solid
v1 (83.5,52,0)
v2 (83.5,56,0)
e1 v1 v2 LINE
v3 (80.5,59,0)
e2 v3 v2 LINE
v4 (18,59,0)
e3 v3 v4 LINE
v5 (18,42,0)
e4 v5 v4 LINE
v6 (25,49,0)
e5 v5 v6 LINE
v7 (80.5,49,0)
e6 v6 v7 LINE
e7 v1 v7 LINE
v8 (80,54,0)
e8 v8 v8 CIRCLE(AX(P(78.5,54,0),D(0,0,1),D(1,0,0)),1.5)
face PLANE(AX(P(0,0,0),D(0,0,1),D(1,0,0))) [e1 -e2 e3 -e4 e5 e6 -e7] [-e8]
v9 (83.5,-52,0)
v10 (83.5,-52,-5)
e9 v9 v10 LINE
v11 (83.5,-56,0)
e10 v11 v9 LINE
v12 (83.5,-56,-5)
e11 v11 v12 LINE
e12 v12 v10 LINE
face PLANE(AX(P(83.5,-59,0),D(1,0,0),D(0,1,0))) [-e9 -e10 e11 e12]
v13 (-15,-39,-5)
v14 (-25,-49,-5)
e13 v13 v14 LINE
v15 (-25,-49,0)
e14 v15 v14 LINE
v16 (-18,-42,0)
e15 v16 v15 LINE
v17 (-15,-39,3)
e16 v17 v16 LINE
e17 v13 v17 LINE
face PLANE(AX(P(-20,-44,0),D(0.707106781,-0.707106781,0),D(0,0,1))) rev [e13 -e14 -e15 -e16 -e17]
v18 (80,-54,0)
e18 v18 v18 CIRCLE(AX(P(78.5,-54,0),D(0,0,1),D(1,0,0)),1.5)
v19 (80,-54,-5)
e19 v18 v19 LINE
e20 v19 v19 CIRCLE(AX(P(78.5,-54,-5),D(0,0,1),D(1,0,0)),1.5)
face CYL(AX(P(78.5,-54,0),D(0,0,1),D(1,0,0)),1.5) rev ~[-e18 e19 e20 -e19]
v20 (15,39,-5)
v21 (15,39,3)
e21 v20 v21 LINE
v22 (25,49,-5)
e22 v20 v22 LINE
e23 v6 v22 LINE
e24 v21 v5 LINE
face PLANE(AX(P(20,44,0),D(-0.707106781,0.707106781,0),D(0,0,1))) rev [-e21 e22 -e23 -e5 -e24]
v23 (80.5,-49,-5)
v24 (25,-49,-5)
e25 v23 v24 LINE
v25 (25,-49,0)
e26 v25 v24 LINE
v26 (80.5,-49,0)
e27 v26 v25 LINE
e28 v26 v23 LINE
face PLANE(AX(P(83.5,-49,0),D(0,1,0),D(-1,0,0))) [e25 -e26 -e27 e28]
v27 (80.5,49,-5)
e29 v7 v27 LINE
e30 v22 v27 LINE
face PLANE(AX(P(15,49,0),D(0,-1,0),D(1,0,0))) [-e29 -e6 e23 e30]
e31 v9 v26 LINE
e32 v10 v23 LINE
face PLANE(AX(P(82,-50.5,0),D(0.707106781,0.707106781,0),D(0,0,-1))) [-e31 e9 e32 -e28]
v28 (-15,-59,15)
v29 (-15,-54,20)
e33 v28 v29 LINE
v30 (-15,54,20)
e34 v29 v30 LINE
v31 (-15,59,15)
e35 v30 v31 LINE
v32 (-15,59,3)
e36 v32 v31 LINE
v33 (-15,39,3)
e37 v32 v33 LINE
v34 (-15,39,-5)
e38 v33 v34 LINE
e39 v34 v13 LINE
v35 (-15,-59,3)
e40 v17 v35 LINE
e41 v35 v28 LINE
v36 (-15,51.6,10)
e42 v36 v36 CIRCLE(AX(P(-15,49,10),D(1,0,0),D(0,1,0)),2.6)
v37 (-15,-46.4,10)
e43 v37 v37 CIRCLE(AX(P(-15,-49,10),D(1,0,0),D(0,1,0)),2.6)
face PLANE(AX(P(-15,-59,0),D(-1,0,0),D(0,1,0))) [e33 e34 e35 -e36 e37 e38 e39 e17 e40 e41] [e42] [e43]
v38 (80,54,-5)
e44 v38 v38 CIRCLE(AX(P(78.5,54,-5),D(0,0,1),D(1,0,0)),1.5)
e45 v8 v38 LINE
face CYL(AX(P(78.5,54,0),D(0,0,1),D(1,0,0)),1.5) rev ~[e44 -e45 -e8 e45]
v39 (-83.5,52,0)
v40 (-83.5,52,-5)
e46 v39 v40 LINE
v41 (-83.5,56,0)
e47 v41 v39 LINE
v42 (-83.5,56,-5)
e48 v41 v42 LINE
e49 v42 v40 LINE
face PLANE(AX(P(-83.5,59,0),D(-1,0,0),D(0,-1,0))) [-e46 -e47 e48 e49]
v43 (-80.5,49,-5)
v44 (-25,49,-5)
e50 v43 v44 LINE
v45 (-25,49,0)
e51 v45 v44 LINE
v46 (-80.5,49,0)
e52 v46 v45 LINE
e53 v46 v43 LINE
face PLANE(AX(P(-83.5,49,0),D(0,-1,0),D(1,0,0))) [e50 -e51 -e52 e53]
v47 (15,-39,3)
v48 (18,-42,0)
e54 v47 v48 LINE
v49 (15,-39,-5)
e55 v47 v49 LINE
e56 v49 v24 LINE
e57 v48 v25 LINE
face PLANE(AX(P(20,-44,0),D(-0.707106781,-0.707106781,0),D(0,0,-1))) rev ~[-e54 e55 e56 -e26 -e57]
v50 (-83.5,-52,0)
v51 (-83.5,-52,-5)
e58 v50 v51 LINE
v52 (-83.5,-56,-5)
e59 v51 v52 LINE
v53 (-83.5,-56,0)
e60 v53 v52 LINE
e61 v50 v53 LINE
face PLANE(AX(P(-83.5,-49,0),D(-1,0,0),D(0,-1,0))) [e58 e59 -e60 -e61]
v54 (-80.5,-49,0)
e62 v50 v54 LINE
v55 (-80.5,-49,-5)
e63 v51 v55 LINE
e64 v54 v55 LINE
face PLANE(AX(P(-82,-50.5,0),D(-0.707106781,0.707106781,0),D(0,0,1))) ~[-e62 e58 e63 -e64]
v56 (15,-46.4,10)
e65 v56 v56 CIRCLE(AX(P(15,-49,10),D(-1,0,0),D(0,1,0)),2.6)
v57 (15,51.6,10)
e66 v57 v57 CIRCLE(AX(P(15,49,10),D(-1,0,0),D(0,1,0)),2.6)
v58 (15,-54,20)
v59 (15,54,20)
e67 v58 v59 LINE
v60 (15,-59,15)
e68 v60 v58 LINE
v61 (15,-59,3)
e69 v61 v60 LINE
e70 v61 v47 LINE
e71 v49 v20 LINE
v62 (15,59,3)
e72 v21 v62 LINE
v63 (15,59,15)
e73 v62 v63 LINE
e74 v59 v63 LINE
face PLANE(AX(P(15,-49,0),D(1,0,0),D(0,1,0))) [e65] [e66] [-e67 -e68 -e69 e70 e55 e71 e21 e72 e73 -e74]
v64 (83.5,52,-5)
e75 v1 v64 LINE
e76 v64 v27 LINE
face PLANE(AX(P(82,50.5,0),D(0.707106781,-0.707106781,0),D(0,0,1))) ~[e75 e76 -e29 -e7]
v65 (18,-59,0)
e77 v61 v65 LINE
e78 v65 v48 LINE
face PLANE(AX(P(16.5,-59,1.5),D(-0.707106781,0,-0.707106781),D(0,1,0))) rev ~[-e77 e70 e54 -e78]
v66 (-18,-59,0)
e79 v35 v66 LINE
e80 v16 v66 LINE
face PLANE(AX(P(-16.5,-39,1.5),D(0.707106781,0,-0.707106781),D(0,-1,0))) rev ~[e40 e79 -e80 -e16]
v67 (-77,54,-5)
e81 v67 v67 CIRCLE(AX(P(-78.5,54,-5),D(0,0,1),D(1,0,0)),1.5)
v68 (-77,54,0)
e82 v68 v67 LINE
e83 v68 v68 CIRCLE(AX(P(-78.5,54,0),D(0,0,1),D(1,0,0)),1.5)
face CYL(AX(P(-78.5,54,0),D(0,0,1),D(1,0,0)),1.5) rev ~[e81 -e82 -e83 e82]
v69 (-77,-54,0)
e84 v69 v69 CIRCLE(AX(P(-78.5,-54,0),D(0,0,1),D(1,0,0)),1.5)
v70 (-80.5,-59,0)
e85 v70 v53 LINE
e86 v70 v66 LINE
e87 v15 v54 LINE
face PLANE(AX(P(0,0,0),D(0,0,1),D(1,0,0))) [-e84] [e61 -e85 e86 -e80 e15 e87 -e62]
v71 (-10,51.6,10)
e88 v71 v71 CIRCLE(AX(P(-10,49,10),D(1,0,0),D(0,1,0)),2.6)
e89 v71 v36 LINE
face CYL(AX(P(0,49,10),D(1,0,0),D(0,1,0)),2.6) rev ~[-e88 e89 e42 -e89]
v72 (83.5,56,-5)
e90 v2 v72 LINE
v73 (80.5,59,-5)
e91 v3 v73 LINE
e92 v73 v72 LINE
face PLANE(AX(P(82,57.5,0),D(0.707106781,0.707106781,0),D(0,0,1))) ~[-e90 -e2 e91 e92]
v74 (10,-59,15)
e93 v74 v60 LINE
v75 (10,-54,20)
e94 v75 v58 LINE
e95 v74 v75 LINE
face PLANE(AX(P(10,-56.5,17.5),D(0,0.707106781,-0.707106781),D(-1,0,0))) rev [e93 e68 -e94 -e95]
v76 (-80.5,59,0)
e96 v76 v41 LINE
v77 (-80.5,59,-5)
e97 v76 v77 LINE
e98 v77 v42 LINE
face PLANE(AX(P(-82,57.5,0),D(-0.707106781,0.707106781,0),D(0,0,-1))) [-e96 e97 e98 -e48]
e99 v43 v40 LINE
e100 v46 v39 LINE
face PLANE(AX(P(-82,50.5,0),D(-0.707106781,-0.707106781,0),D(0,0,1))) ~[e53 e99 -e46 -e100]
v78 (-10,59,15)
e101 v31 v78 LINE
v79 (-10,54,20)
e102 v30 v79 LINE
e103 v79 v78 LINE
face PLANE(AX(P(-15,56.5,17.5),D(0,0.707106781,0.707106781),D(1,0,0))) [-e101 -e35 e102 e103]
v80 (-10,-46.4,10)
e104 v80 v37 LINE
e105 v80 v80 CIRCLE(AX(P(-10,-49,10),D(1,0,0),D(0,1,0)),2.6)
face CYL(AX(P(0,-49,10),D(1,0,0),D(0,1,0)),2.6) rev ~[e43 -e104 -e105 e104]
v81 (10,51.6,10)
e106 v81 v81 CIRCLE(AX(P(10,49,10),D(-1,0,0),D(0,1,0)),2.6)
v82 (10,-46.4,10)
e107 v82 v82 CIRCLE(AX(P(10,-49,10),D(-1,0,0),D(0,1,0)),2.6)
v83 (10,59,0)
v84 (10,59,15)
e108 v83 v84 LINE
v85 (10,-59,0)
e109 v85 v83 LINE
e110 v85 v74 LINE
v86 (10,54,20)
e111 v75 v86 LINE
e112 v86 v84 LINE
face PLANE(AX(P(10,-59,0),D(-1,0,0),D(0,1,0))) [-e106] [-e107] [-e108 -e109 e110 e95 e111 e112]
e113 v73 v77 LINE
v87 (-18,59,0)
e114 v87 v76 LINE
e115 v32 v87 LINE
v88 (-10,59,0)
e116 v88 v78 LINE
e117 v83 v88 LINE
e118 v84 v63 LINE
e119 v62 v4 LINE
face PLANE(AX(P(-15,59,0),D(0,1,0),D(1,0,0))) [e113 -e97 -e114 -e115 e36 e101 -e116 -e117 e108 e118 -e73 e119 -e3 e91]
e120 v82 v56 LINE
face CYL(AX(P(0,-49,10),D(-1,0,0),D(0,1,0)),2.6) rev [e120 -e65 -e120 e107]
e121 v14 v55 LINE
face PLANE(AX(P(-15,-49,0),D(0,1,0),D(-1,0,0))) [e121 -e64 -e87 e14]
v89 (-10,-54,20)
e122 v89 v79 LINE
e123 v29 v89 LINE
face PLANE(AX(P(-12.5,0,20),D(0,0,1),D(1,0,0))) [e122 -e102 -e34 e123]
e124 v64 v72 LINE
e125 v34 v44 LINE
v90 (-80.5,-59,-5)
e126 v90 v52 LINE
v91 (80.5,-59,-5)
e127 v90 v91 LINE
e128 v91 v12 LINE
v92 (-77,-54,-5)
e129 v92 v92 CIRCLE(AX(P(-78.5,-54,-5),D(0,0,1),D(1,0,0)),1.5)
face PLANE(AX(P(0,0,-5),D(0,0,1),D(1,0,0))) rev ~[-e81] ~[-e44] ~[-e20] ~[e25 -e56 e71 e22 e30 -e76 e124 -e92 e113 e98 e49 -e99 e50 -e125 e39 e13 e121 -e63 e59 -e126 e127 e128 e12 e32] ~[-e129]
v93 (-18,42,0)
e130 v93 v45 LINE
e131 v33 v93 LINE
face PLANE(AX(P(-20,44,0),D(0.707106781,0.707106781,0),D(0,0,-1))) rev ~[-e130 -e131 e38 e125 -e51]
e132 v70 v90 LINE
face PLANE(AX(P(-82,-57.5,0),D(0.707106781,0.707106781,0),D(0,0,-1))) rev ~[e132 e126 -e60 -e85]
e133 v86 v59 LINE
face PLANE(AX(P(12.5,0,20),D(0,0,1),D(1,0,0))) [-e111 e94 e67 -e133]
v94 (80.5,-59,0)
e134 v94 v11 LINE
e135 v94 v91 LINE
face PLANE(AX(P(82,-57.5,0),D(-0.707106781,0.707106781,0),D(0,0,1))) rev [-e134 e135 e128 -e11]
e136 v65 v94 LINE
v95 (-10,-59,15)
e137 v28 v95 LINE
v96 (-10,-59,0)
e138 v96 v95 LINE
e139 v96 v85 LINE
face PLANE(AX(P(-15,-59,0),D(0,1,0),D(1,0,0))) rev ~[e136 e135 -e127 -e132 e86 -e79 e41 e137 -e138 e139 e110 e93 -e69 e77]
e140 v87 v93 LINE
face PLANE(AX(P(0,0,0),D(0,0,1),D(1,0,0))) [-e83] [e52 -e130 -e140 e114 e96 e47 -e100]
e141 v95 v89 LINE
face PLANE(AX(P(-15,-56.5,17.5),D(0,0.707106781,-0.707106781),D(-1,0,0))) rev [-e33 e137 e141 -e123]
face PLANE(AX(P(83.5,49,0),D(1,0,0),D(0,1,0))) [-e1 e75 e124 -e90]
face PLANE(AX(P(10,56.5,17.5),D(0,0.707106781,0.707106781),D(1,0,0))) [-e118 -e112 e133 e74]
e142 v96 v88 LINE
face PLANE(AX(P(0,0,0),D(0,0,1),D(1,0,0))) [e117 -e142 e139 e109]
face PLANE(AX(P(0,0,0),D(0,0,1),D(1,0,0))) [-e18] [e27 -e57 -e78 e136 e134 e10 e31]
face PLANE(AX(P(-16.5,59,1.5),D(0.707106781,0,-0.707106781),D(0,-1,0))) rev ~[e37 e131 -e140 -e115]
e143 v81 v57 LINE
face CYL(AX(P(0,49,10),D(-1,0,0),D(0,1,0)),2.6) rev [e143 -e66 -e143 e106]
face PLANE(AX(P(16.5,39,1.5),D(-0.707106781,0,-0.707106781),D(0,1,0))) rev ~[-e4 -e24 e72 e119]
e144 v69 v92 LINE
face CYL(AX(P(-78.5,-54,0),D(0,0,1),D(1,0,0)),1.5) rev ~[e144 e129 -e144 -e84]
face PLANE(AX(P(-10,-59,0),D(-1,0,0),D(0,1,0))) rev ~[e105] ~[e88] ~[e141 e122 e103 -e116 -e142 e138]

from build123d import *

# Parameters (mm, degrees)
SKETCH_R          = 1.5
PAD_DEPTH         = 5
SKETCH001_W       = 5
SKETCH001_H       = 118
PAD001_DEPTH      = 20
CHAMFER_SIZE      = 3
CHAMFER001_SIZE   = 5
CHAMFER002_SIZE   = 10
CHAMFER003_SIZE   = 3
SKETCH002_R       = 2.6
POCKET_DEPTH      = 17
POCKET_DEPTH_BACK = -100


with BuildPart() as part:
    # Sketch → Pad (new body)
    with BuildSketch(Plane.XY):
        Polygon((-83.5, 59), (-83.5, 49), (-15, 49), (-15, -49), (-83.5, -49), (-83.5, -59), (83.5, -59), (83.5, -49), (15, -49), (15, 49), (83.5, 49), (83.5, 59), align=None)
        with Locations((-78.5, 54)):
            Circle(SKETCH_R, mode=Mode.SUBTRACT)
        with Locations((78.5, 54)):
            Circle(SKETCH_R, mode=Mode.SUBTRACT)
        with Locations((78.5, -54)):
            Circle(SKETCH_R, mode=Mode.SUBTRACT)
        with Locations((-78.5, -54)):
            Circle(SKETCH_R, mode=Mode.SUBTRACT)
    extrude(amount=-PAD_DEPTH)

    # Sketch001 → Pad001 (join)
    with BuildSketch(Plane.XY):
        with Locations((-12.5, 0)):
            Rectangle(SKETCH001_W, SKETCH001_H)
        with Locations((12.5, 0)):
            Rectangle(SKETCH001_W, SKETCH001_H)
    extrude(amount=PAD001_DEPTH)

    # Chamfer
    chamfer_edges = [part.edges().sort_by_distance(p)[0] for p in [
        (-83.5, 49, -2.5),
        (-83.5, 59, -2.5),
        (-83.5, -49, -2.5),
        (-83.5, -59, -2.5),
        (83.5, -59, -2.5),
        (83.5, 49, -2.5),
        (83.5, 59, -2.5),
        (83.5, -49, -2.5),
    ]]
    chamfer(chamfer_edges, length=CHAMFER_SIZE)

    # Chamfer001
    chamfer001_edges = [part.edges().sort_by_distance(p)[0] for p in [
        (-12.5, -59, 20),
        (12.5, -59, 20),
        (12.5, 59, 20),
        (-12.5, 59, 20),
    ]]
    chamfer(chamfer001_edges, length=CHAMFER001_SIZE)

    # Chamfer002
    chamfer002_edges = [part.edges().sort_by_distance(p)[0] for p in [
        (-15, 49, -2.5),
        (-15, -49, -2.5),
        (15, -49, -2.5),
        (15, 49, -2.5),
    ]]
    chamfer(chamfer002_edges, length=CHAMFER002_SIZE)

    # Chamfer003
    chamfer003_edges = [part.edges().sort_by_distance(p)[0] for p in [
        (-15, 54, 0),
        (-15, -54, 0),
        (15, -54, 0),
        (15, 54, 0),
    ]]
    chamfer(chamfer003_edges, length=CHAMFER003_SIZE)

    # Sketch002 → Pocket (cut, two sides)
    with BuildSketch(Plane.YZ) as pocket_sk:
        with Locations((-49, 10)):
            Circle(SKETCH002_R)
        with Locations((49, 10)):
            Circle(SKETCH002_R)
    extrude(amount=-POCKET_DEPTH, mode=Mode.SUBTRACT)
    extrude(pocket_sk.sketch, amount=-POCKET_DEPTH_BACK, mode=Mode.SUBTRACT)


solid = part.part
